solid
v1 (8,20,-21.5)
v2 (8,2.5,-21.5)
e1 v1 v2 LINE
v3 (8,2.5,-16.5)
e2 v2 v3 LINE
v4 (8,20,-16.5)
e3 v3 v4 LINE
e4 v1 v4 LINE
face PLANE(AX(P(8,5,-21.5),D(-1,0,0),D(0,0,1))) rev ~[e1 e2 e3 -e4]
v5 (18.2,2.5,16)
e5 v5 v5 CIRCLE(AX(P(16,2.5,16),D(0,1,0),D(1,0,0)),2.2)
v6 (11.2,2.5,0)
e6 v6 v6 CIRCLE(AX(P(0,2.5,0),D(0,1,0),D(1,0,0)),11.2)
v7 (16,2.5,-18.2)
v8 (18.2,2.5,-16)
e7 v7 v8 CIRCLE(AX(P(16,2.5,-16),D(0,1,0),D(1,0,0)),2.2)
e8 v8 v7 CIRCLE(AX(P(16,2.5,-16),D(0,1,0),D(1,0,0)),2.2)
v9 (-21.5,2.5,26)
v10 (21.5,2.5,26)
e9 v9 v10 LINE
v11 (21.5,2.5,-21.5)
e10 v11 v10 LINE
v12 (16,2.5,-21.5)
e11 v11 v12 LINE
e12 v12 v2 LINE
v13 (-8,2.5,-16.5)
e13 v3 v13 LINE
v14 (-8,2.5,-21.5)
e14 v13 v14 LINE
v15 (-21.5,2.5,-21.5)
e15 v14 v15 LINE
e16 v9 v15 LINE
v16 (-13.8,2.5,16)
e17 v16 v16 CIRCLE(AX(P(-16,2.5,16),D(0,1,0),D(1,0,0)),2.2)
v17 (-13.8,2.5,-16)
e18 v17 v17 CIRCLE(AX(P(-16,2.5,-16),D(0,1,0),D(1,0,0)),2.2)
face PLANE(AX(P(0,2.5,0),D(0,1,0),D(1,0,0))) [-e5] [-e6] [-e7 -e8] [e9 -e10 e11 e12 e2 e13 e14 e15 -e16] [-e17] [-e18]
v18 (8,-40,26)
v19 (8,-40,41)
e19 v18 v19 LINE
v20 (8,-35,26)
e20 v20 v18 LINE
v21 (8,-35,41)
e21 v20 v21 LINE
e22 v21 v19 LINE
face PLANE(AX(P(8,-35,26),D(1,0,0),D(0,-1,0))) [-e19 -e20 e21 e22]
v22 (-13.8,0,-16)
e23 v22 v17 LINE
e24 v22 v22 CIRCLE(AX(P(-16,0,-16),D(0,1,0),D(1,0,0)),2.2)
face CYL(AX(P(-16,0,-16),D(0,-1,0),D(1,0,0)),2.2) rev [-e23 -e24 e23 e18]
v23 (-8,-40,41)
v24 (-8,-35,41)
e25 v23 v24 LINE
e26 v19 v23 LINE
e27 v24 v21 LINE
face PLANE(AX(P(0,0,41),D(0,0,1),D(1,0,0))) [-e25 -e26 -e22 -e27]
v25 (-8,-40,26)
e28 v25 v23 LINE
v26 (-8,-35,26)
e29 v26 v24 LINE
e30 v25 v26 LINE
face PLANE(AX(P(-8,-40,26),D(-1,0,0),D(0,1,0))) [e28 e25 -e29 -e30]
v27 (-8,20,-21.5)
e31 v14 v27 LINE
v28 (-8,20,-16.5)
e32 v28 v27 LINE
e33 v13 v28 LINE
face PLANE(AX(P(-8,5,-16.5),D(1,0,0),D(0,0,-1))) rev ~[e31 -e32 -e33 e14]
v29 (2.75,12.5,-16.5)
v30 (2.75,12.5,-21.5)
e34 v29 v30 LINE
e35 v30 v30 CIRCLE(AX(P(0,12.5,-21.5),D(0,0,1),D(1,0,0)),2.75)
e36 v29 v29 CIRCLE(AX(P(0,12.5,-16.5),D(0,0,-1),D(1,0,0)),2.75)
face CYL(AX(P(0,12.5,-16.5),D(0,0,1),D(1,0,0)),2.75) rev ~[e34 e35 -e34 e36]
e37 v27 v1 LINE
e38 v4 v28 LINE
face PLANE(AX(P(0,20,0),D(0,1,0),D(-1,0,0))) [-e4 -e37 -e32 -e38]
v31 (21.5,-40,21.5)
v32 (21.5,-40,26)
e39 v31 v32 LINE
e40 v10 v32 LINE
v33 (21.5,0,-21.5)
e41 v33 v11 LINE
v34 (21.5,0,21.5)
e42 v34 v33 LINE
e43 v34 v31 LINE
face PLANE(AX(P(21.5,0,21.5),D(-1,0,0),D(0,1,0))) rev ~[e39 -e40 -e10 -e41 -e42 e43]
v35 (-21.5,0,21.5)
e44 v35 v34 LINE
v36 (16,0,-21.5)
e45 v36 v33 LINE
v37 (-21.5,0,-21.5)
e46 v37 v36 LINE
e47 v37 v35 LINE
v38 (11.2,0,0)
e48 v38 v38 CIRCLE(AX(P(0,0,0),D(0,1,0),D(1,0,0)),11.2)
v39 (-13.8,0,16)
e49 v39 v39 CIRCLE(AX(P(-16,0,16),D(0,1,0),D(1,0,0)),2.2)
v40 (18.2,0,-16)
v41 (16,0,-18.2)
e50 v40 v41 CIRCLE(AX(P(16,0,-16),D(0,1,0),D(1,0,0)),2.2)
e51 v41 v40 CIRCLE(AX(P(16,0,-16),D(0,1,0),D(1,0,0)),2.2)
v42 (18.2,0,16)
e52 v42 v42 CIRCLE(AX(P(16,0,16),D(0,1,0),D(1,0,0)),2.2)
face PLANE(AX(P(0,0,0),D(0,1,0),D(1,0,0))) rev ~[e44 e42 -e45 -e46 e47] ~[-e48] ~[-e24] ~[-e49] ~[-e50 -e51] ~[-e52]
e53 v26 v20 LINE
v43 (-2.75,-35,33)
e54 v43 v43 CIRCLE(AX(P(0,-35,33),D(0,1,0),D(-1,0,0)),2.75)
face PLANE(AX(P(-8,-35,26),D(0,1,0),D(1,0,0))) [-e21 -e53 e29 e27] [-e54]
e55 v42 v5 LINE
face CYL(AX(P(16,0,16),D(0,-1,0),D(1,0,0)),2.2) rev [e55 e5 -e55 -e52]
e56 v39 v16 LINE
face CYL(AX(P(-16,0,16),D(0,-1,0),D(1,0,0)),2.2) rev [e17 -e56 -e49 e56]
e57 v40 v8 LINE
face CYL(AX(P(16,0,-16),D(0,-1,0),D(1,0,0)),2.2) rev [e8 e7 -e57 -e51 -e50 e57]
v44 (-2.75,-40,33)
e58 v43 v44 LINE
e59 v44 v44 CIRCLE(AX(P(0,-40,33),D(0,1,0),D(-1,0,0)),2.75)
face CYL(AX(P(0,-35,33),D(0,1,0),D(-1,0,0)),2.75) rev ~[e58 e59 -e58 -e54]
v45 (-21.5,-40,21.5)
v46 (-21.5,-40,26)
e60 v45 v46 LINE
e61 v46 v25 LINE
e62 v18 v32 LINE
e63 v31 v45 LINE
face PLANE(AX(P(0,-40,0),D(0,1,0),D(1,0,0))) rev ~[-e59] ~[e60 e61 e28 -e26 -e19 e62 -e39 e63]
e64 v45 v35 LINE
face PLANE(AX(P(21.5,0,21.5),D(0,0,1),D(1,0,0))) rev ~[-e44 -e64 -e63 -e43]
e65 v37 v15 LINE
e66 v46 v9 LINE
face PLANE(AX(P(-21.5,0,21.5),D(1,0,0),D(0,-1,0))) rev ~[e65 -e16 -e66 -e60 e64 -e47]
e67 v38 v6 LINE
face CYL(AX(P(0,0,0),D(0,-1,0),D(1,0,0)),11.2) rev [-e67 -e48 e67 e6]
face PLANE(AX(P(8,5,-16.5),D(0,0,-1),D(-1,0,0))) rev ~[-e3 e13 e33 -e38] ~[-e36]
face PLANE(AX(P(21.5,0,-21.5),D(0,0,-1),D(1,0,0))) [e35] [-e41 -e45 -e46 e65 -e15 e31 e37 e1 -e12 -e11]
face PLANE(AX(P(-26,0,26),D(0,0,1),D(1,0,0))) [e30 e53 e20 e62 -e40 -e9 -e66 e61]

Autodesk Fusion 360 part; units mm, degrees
sketch "Sketch1" plane through (0, 0, 0) normal (0, 1, 0) x (1, 0, 0)
  circle A0 centre (0, 0) radius 11.2
  line L0 (21.5, 21.5) -> (-21.5, 21.5)
  line L1 (-21.5, 21.5) -> (-21.5, -21.5)
  line L2 (-21.5, -21.5) -> (21.5, -21.5)
  line L3 (21.5, -21.5) -> (21.5, 21.5)
  line L4 (21.5, 21.5) -> (-21.5, -21.5) construction
  line L5 (-21.5, 21.5) -> (21.5, -21.5) construction
  line L6 (21.5, 21.5) -> (16, 21.5)
  line L7 (16, 21.5) -> (16, 16)
  circle A1 centre (16, 16) radius 2.2
  circle A2 centre (-16, 16) radius 2.2
  circle A3 centre (-16, -16) radius 2.2
  circle A4 centre (16, -16) radius 2.2
  line L8 (26, 26) -> (-26, 26)
  line L9 (-26, 26) -> (-26, -26)
  line L10 (-26, -26) -> (26, -26)
  line L11 (26, -26) -> (26, 26)
  line L12 (26, 26) -> (-26, -26) construction
  line L13 (-26, 26) -> (26, -26) construction
  line L14 (-21.5, -21.5) -> (-26, -21.5)
  line L15 (21.5, -21.5) -> (26, -21.5)
  line L16 (-21.5, 21.5) -> (-26, 21.5)
  line L17 (21.5, 21.5) -> (26, 21.5)
  dimension "d1" = 22.4
  dimension "d2" = 43
  dimension "d3" = 43
  dimension "d4" = 5.5
  dimension "d5" = 5.5
  dimension "d6" = 4.4
  dimension "d8" = 360
  dimension "d9" = 52
  dimension "d10" = 52
extrude "Extrude1" add sketch "Sketch1" along normal blind 5
extrude "Extrude7" add sketch "Sketch1" against normal blind 40 contours L2 L9 L10 L11 L14 L15
extrude "Extrude8" cut sketch "Sketch1" along normal blind 32 contours L0 L6 L8 L9 L11 L16 L17
sketch "Sketch7" plane through (0, 5, 0) normal (0, 1, 0) x (-1, 0, 0)
  line L0 (-26, -21.5) -> (26, -21.5)
  line L1 (26, -21.5) -> (26, 26)
  line L2 (26, 26) -> (-26, 26)
  line L3 (-26, 26) -> (-26, -21.5)
  circle A0 centre (16, 16) radius 2.2
  circle A1 centre (-16, 16) radius 2.2
  circle A2 centre (16, -16) radius 2.2
  circle A3 centre (0, 0) radius 11.2
  circle A4 centre (-16, -16) radius 2.2
  line L4 (0, -21.5) -> (8, -21.5)
  line L5 (8, -21.5) -> (-8, -21.5)
  line L6 (-8, -21.5) -> (-8, -16.5)
  line L7 (-8, -16.5) -> (8, -16.5)
  line L8 (8, -16.5) -> (8, -21.5)
  dimension "d48" = 8
  dimension "d49" = 16
  dimension "d50" = 5
extrude "Extrude9" add sketch "Sketch7" along normal blind 15 contours L0 L4 L5 L6 L7 L8
sketch "Sketch8" plane through (0, 0, -16.5) normal (0, 0, 1) x (1, 0, 0)
  line L0 (-8, 5) -> (8, 5)
  line L1 (8, 5) -> (8, 20)
  line L2 (8, 20) -> (-8, 20)
  line L3 (-8, 20) -> (-8, 5)
  line L4 (0, 20) -> (0, 12.5)
  circle A0 centre (0, 12.5) radius 2.75
  dimension "d53" = 5.5
extrude "Extrude10" cut sketch "Sketch8" against normal blind 14 contours A0
sketch "Sketch9" plane through (0, 0, 26) normal (0, 0, 1) x (1, 0, 0)
  line L0 (26, -40) -> (26, 5)
  line L1 (26, 5) -> (-26, 5)
  line L2 (-26, 5) -> (-26, -40)
  line L3 (-26, -40) -> (26, -40)
  line L4 (0, -40) -> (8, -40)
  line L5 (8, -40) -> (-8, -40)
  line L6 (-8, -40) -> (-8, -35)
  line L7 (-8, -35) -> (8, -35)
  line L8 (8, -35) -> (8, -40)
  dimension "d56" = 8
  dimension "d57" = 16
  dimension "d58" = 5
extrude "Extrude11" add sketch "Sketch9" along normal blind 15 contours L3 L4 L5 L6 L7 L8
sketch "Sketch10" plane through (0, -35, 0) normal (0, 1, 0) x (-1, 0, 0)
  line L0 (-8, 26) -> (8, 26)
  line L1 (8, 26) -> (8, 41)
  line L2 (8, 41) -> (-8, 41)
  line L3 (-8, 41) -> (-8, 26)
  line L4 (0, 41) -> (0, 33)
  circle A0 centre (0, 33) radius 2.75
  dimension "d61" = 5.5
extrude "Extrude12" cut sketch "Sketch10" against normal blind 11 contours A0
extrude "Extrude13" cut sketch "Sketch1" along normal blind 6 contours L3 L11 L15 L17 | L1 L9 L14 L16
sketch "Sketch11" plane through (0, 0, 21.5) normal (0, 0, -1) x (-1, 0, 0)
  line L0 (-26, 5) -> (-26, -40)
  line L1 (-26, -40) -> (26, -40)
  line L2 (26, -40) -> (26, 5)
  line L3 (26, 5) -> (21.5, 5)
  line L4 (21.5, 5) -> (21.5, 0)
  line L5 (21.5, 0) -> (-21.5, 0)
  line L6 (-21.5, 0) -> (-21.5, 5)
  line L7 (-21.5, 5) -> (-26, 5)
  line L8 (21.5, 0) -> (21.5, -40)
  line L9 (-21.5, 0) -> (-21.5, -40)
extrude "Extrude14" cut sketch "Sketch11" against normal blind 15 contours L0 L1 L6 L7 L9 | L1 L2 L3 L4 L8
extrude "Extrude15" cut 1 faces at (4.8761, 5, 23.24) along direction (0, -1, 0) blind 2.5
